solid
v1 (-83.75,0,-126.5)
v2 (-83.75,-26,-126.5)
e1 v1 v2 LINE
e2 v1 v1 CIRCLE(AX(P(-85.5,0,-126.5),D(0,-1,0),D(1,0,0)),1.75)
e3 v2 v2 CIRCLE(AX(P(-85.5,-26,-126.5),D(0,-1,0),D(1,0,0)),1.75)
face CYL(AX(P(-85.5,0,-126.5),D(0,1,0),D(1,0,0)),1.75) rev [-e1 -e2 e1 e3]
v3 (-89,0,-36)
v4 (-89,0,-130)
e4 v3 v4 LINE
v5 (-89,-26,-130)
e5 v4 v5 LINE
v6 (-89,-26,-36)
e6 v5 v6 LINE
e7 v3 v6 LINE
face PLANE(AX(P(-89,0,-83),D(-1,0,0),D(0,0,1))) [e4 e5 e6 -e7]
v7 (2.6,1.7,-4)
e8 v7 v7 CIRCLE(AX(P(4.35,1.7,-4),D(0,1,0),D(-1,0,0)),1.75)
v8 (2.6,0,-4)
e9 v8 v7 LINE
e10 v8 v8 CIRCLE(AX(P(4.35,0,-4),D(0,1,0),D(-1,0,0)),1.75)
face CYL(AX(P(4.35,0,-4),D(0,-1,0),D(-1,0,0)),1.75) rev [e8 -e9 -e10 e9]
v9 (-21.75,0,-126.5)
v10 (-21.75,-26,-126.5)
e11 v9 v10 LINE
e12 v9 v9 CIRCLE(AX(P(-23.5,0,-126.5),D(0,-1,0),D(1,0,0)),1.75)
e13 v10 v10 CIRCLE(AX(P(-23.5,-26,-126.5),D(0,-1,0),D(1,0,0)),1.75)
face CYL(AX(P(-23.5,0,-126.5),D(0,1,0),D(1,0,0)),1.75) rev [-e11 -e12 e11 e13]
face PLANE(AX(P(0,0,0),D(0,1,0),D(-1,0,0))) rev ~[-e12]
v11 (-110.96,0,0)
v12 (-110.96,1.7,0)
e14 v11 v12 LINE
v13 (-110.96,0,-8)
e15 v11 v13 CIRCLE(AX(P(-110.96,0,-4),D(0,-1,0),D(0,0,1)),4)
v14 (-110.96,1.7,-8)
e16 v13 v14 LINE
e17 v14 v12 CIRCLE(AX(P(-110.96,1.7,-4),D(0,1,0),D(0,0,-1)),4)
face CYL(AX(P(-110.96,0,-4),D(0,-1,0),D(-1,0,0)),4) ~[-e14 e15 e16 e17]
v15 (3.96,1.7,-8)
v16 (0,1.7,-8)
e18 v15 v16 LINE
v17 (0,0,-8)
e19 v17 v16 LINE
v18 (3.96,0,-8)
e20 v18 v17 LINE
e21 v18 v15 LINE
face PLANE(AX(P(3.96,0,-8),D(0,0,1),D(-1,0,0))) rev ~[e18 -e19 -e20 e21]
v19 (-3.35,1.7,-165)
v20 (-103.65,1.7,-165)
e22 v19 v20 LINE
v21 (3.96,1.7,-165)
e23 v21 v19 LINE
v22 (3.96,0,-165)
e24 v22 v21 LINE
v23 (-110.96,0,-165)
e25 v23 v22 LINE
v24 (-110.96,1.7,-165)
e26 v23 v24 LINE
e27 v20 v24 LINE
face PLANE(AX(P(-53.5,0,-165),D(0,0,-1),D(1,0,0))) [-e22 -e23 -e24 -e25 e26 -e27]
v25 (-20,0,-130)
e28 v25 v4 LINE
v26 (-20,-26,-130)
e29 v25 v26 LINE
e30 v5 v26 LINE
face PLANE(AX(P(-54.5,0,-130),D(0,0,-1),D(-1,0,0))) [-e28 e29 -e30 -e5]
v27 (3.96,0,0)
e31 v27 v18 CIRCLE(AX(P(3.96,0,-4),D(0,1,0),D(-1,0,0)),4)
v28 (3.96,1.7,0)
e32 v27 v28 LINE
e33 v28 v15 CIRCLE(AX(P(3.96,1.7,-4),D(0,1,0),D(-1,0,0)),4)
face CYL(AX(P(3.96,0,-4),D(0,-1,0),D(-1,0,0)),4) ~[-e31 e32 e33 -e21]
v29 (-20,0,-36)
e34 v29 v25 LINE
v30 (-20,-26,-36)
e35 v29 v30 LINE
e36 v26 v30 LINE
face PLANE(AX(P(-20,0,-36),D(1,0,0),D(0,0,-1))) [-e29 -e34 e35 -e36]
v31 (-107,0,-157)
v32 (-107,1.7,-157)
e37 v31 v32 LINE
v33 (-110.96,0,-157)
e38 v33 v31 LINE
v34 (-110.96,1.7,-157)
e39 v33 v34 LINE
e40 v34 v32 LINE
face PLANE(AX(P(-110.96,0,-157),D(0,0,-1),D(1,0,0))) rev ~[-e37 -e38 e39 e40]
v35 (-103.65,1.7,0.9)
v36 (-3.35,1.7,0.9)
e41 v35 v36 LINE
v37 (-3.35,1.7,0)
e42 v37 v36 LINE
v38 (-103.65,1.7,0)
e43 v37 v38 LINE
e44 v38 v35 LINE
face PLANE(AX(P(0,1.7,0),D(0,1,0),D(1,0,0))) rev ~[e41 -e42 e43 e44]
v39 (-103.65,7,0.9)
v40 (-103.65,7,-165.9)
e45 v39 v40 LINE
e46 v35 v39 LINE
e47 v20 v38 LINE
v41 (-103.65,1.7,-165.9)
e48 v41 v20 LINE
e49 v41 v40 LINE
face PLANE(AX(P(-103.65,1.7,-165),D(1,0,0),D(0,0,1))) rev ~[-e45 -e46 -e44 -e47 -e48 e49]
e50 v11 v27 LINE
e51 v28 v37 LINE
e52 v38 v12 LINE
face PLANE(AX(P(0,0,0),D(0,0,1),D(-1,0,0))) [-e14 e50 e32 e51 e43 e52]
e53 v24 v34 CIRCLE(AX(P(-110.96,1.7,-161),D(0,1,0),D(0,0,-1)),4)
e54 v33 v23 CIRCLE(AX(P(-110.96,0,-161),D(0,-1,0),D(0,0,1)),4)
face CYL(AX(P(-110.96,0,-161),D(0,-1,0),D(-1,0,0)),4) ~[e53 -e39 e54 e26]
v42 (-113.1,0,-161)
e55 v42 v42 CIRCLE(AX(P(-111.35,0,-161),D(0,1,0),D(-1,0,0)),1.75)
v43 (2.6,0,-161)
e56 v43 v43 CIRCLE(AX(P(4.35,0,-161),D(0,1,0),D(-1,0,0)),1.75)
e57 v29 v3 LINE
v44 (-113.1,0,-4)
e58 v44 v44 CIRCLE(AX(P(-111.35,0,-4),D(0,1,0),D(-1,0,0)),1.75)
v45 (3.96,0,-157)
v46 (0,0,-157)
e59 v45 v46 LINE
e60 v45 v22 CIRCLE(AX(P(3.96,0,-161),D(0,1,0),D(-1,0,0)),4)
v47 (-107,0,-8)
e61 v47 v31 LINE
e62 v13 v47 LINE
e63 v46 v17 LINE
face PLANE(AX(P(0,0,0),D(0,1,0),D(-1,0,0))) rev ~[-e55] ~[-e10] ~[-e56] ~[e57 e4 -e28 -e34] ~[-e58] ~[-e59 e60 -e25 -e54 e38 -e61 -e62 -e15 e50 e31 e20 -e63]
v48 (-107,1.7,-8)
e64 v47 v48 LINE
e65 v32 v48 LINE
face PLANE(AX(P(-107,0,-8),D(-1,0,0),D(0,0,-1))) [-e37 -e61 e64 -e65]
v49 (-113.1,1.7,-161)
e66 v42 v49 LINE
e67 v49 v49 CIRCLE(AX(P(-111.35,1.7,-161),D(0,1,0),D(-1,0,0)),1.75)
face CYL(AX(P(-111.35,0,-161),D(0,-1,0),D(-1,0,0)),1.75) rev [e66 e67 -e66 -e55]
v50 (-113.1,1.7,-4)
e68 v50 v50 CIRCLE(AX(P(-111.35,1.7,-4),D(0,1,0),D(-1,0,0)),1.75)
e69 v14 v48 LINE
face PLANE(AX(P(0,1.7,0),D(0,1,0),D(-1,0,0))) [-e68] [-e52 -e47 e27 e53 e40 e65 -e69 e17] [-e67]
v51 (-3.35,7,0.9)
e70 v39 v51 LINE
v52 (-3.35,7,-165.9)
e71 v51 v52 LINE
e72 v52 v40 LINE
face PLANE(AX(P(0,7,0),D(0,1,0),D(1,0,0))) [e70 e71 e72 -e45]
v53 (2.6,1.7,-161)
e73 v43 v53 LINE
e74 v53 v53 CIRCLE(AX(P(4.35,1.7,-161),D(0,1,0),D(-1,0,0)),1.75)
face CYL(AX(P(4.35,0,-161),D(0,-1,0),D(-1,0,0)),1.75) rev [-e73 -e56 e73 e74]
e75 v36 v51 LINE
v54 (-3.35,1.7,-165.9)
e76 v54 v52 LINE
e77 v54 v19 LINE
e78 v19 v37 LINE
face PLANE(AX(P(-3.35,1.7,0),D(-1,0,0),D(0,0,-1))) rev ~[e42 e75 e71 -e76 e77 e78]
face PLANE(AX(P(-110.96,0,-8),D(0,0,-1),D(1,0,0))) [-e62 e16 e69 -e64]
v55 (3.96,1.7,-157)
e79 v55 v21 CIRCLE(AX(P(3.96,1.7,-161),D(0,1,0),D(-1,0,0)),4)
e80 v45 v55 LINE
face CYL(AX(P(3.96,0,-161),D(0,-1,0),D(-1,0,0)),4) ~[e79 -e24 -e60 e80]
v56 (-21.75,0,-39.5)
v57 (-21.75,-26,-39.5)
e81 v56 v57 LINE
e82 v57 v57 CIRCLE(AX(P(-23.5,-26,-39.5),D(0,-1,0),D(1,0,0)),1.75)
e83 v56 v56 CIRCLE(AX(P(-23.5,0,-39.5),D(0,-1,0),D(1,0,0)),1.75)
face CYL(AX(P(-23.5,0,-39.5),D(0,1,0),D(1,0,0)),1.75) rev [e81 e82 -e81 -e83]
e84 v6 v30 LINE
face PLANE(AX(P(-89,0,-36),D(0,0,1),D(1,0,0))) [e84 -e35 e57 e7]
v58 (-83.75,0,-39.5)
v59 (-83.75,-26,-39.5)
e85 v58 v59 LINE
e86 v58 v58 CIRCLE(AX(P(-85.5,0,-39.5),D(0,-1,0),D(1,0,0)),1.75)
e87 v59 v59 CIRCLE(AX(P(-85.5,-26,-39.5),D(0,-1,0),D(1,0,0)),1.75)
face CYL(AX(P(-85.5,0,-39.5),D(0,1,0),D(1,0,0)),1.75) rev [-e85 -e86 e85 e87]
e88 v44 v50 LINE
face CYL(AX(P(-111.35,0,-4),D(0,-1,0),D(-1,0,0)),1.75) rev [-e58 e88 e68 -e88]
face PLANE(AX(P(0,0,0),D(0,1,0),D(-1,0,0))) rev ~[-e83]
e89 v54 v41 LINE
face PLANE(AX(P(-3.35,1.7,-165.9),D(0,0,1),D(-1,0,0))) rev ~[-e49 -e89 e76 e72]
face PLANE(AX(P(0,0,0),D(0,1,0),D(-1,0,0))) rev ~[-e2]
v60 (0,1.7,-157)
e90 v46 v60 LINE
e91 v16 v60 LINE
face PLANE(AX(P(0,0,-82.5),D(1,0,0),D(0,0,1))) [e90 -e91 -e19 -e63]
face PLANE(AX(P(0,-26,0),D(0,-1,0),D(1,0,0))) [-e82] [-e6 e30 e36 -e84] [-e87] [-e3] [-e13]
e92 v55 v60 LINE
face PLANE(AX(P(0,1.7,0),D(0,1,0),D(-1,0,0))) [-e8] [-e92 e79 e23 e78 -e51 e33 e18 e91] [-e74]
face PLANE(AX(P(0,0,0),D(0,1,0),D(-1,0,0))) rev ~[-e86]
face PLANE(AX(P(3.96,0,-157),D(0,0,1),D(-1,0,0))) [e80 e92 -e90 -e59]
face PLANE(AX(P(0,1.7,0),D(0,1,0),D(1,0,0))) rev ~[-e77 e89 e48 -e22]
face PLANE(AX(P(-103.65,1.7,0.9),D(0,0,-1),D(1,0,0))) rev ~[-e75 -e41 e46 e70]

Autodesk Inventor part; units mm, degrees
ref_plane "YZ Plane" through (0, 0, 0) normal (1, 0, 0) x (0, 1, 0)
ref_plane "XZ Plane" through (0, 0, 0) normal (0, 1, 0) x (-1, 0, 0)
ref_plane "XY Plane" through (0, 0, 0) normal (0, 0, 1) x (1, 0, 0)
sketch "スケッチ1" plane through (0, 0, 0) normal (0, 1, 0) x (-1, 0, 0)
  line L0 (0, 0) -> (107, 0)
  line L1 (107, 0) -> (107, -165)
  line L2 (107, -165) -> (0, -165)
  line L3 (0, -165) -> (0, 0)
  line L4 (107, 0) -> (114.96, 0)
  line L5 (114.96, 0) -> (114.96, -8)
  line L6 (114.96, -8) -> (107, -8)
  line L7 (107, -8) -> (107, 0)
  line L8 (53.5, 0) -> (53.5, -165)
  circle A0 centre (111.35, -4) radius 1.75
  line L9 (107, -82.5) -> (0, -82.5)
  circle A1 centre (110.96, -4) radius 4
  line L10 (107, -165) -> (114.96, -165)
  line L11 (114.96, -157) -> (107, -157)
  circle A2 centre (111.35, -161) radius 1.75
  circle A3 centre (110.96, -161) radius 4
  line L12 (0, 0) -> (-7.96, 0)
  line L13 (-7.96, -8) -> (0, -8)
  circle A4 centre (-4.35, -4) radius 1.75
  circle A5 centre (-3.96, -4) radius 4
  circle A6 centre (-3.96, -161) radius 4
  circle A7 centre (-4.35, -161) radius 1.75
  line L14 (-7.96, -157) -> (0, -157)
  line L15 (0, -165) -> (-7.96, -165)
  point P0 (109.6, -4)
  point P1 (110.96, -8)
  point P2 (110.96, 0)
  point P3 (-3.96, 0)
  point P4 (-3.96, -8)
  point P5 (-3.96, -157)
  point P6 (-3.96, -165)
  point P7 (110.96, -165)
  point P8 (110.96, -157)
  point P9 (0, -4.5643)
  point P10 (0, -3.4357)
  point P11 (107, -4.5643)
  point P12 (107, -3.4357)
  dimension "d6" = 3.5
  dimension "d0" = 107
  dimension "d1" = 165
  dimension "d2" = 8
  dimension "d3" = 7.96
  dimension "d5" = 56.1
  dimension "d7" = 8
extrude "押し出し1" add sketch "スケッチ1" along normal blind 1.7 contours L0 L8 L9 L3 A5 | L3 A5 L12 | L0 L1 A1 L9 L8 | A5 L3 | L3 A5 | L4 A1 L1 | L9 L1 A3 L2 L8 | L8 L2 L3 A6 L9 | L3 L13 A5 | A1 L1 | L1 A1 | A1 L6 L1 | L1 A3 L10 | L15 A6 L3 | L11 A3 L1 | L3 A6 L14 | A3 L1 | L1 A3 | A6 L3 | L3 A6
sketch "スケッチ2" plane through (0, 1.7, 0) normal (0, 1, 0) x (1, 0, 0)
  arc A0 (-110.96, 8) -> (-110.96, 0) centre (-110.96, 4) ccw projected
  line L0 (-110.96, 0) -> (3.96, 0) projected
  arc A1 (3.96, 0) -> (3.96, 8) centre (3.96, 4) ccw projected
  line L1 (3.96, 8) -> (0, 8) projected
  line L2 (0, 8) -> (0, 157) projected
  line L3 (0, 157) -> (3.96, 157) projected
  arc A2 (3.96, 157) -> (3.96, 165) centre (3.96, 161) ccw projected
  line L4 (3.96, 165) -> (-110.96, 165) projected
  arc A3 (-110.96, 165) -> (-110.96, 157) centre (-110.96, 161) ccw projected
  line L5 (-110.96, 157) -> (-107, 157) projected
  line L6 (-107, 157) -> (-107, 8) projected
  line L7 (-107, 8) -> (-110.96, 8) projected
  circle A4 centre (4.35, 161) radius 1.75 projected
  circle A5 centre (4.35, 4) radius 1.75 projected
  circle A6 centre (-111.35, 161) radius 1.75 projected
  circle A7 centre (-111.35, 4) radius 1.75 projected
  line L8 (-103.65, -0.9) -> (-3.35, -0.9)
  line L9 (-3.35, -0.9) -> (-3.35, 165.9)
  line L10 (-3.35, 165.9) -> (-103.65, 165.9)
  line L11 (-103.65, 165.9) -> (-103.65, -0.9)
  line L12 (-103.65, -0.9) -> (-3.35, 165.9) construction
  line L13 (-3.35, -0.9) -> (-103.65, 165.9) construction
  point P0 (0, 0)
  point P1 (-53.5, 82.5)
  dimension "d10" = 100.3
  dimension "d11" = 53.5
  dimension "d12" = 82.5
  dimension "d13" = 166.8
extrude "押し出し2" add sketch "スケッチ2" along normal blind 5.3 contours L11 L4 L9 L0 | L0 L9 L8 L11 | L11 L10 L9 L4
sketch "スケッチ3" plane through (0, 0, 0) normal (0, -1, 0) x (1, 0, 0)
  arc A0 (-110.96, 0) -> (-110.96, -8) centre (-110.96, -4) ccw projected
  line L0 (-107, -8) -> (-110.96, -8) projected
  line L1 (-107, -157) -> (-107, -8) projected
  line L2 (-110.96, -157) -> (-107, -157) projected
  arc A1 (-110.96, -157) -> (-110.96, -165) centre (-110.96, -161) ccw projected
  line L3 (3.96, -165) -> (-110.96, -165) projected
  arc A2 (3.96, -165) -> (3.96, -157) centre (3.96, -161) ccw projected
  line L4 (0, -157) -> (3.96, -157) projected
  line L5 (0, -8) -> (0, -157) projected
  line L6 (3.96, -8) -> (0, -8) projected
  arc A3 (3.96, -8) -> (3.96, 0) centre (3.96, -4) ccw projected
  line L7 (-110.96, 0) -> (3.96, 0) projected
  circle A4 centre (4.35, -161) radius 1.75 projected
  circle A5 centre (4.35, -4) radius 1.75 projected
  circle A6 centre (-111.35, -161) radius 1.75 projected
  circle A7 centre (-111.35, -4) radius 1.75 projected
  line L8 (-89, -36) -> (-20, -36)
  line L9 (-20, -36) -> (-20, -130)
  line L10 (-20, -130) -> (-89, -130)
  line L11 (-89, -130) -> (-89, -36)
  circle A8 centre (-23.5, -39.5) radius 1.75
  line L12 (-20, -83) -> (-89, -83)
  line L13 (-54.5, -130) -> (-54.5, -36)
  circle A9 centre (-23.5, -126.5) radius 1.75
  circle A10 centre (-85.5, -39.5) radius 1.75
  circle A11 centre (-85.5, -126.5) radius 1.75
  point P0 (0, 0)
  point P1 (-54.5, -83)
  dimension "d16" = 94
  dimension "d17" = 69
  dimension "d18" = 36
  dimension "d19" = 20
  dimension "d22" = 34.5
  dimension "d23" = 47
  dimension "d24" = 3.5
  dimension "d25" = 3.5
  dimension "d26" = 3.5
extrude "押し出し3" add sketch "スケッチ3" along normal blind 26 contours L8 L13 L12 L11 | L8 L9 L12 L13 | L12 L13 L10 L11 | L12 L9 L10 L13
ref_plane "作業平面1" through (-53.5, 1.7, 0) normal (1, 0, 0) x (0, 0, -1)
properties part number "Display_EVICIV7Inch"
